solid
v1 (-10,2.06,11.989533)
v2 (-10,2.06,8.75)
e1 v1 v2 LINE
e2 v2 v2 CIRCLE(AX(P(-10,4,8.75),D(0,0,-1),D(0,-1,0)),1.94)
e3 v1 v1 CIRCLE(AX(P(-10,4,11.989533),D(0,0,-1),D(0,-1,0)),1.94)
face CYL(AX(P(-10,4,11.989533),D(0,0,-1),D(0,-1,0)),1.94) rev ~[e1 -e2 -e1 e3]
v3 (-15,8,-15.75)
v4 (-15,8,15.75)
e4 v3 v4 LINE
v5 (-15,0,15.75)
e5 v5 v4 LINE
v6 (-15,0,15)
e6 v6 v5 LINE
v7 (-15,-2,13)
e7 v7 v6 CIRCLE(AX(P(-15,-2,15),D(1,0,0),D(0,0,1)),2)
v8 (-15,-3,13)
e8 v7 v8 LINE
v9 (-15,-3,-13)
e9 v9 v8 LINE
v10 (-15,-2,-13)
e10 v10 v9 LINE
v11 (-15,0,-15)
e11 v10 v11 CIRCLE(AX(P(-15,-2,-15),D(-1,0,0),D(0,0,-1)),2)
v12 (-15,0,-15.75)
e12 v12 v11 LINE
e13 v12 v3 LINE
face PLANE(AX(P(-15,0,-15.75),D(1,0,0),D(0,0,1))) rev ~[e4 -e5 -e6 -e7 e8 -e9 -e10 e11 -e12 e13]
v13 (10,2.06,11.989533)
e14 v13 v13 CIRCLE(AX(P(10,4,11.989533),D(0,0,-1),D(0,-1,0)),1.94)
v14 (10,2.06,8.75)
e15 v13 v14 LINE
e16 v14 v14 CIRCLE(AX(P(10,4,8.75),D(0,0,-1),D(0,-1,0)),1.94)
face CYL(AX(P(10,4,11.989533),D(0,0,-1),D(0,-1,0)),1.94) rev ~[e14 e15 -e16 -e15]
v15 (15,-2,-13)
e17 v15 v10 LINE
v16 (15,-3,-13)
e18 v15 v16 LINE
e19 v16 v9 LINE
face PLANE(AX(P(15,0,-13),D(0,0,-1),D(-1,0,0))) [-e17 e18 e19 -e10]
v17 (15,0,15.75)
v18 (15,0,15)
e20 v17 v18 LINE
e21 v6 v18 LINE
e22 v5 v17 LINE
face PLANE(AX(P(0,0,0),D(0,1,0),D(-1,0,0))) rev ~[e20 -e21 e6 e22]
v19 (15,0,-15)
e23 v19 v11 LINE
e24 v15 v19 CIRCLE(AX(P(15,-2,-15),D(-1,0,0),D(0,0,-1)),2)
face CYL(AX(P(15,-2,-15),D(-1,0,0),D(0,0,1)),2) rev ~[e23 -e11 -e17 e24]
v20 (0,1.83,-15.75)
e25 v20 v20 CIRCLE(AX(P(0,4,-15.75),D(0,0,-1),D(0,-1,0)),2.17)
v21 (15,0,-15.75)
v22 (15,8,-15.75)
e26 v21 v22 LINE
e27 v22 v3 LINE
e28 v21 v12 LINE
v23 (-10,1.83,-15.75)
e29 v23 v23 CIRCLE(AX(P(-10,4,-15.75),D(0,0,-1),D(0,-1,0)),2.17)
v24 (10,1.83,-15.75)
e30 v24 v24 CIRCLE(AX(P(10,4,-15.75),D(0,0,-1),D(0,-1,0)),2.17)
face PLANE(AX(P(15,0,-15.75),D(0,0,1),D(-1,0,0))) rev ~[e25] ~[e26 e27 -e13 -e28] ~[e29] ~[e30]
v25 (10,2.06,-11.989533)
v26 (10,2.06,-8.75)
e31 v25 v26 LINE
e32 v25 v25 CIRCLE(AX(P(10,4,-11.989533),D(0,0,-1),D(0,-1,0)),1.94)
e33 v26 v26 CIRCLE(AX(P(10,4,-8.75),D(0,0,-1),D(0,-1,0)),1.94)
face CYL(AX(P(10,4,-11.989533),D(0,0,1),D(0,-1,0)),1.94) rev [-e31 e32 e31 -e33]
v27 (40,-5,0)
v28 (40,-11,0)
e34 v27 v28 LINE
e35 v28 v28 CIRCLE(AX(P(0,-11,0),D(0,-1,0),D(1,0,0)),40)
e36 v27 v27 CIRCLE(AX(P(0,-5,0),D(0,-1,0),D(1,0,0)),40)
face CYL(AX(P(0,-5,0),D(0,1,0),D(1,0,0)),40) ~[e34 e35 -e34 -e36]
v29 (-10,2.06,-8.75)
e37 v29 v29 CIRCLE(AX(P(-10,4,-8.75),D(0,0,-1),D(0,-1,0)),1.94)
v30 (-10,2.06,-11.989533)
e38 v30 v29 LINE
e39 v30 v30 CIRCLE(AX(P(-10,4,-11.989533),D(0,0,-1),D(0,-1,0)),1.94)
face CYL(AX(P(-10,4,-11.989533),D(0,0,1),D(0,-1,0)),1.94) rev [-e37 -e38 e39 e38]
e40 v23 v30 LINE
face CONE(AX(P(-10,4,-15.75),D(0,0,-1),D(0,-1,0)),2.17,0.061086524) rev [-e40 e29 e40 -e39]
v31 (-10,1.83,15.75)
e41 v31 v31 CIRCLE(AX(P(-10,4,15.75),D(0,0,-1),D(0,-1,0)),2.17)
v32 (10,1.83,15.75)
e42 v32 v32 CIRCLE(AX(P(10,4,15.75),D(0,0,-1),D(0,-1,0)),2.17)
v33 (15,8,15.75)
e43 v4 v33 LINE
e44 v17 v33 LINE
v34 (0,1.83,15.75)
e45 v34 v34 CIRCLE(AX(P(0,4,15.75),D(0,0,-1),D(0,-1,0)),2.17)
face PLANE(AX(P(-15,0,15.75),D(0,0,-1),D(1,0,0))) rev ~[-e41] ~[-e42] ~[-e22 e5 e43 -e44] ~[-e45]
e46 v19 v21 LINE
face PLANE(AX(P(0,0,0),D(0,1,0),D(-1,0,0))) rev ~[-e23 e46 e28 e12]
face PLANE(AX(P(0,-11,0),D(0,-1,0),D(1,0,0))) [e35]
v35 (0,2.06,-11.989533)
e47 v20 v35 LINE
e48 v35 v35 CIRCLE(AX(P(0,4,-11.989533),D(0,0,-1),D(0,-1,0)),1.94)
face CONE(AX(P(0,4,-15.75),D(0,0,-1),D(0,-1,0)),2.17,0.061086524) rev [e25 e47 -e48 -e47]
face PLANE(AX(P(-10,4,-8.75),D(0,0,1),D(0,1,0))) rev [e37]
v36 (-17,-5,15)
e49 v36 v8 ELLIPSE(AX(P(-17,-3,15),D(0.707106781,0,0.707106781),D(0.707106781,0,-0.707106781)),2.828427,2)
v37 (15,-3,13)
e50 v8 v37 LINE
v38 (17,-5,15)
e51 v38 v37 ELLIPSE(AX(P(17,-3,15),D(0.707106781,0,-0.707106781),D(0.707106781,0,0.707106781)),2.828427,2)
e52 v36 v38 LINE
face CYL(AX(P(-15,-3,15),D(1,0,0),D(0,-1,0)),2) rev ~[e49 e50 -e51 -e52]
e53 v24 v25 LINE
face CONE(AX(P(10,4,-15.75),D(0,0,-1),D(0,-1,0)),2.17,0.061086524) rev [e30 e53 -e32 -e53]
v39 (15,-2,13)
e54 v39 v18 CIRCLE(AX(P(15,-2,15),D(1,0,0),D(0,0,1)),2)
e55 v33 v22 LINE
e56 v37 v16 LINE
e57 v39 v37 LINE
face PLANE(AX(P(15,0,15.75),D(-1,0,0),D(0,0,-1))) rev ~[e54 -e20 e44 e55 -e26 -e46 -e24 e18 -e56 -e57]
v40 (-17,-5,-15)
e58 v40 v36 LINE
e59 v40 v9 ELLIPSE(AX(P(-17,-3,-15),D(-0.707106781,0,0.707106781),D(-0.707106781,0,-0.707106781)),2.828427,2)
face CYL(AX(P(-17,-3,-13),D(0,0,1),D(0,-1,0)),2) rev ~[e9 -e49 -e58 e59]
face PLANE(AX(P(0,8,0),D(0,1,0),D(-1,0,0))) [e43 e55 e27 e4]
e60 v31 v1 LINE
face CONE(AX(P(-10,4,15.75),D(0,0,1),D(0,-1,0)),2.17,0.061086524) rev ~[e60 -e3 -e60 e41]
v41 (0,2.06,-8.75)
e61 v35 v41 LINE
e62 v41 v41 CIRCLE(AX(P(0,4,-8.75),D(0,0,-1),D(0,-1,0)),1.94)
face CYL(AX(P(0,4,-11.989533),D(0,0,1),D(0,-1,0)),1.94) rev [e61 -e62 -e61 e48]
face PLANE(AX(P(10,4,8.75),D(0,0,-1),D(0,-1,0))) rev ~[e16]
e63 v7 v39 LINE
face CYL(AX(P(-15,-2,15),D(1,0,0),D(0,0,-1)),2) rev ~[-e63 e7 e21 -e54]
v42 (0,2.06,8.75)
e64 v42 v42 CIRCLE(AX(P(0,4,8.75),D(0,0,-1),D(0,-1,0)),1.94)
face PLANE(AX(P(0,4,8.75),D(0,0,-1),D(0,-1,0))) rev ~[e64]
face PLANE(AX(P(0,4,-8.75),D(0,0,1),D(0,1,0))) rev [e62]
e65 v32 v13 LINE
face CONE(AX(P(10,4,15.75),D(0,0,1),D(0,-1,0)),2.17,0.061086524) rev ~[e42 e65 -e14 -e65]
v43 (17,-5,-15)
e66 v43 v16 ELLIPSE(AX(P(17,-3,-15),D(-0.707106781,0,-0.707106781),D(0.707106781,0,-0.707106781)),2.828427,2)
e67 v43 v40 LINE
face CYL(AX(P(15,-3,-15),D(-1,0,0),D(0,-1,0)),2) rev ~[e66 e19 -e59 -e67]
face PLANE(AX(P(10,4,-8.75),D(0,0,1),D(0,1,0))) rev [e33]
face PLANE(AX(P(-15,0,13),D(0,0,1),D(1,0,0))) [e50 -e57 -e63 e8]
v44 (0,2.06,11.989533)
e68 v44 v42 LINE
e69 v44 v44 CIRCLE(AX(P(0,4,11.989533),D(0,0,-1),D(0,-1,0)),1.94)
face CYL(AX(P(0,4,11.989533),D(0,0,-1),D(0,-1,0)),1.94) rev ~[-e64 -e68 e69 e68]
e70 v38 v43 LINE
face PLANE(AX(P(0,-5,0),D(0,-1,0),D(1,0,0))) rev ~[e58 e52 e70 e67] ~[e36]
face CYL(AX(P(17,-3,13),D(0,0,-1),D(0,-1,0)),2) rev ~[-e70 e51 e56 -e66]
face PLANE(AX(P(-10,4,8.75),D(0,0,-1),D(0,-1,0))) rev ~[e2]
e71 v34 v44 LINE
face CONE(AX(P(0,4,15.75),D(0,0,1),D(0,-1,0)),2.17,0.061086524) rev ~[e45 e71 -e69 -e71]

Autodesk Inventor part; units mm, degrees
ref_plane "YZ Plane" through (0, 0, 0) normal (1, 0, 0) x (0, 1, 0)
ref_plane "XZ Plane" through (0, 0, 0) normal (0, 1, 0) x (-1, 0, 0)
ref_plane "XY Plane" through (0, 0, 0) normal (0, 0, 1) x (1, 0, 0)
sketch "Sketch1" plane through (0, 0, 0) normal (0, 1, 0) x (-1, 0, 0)
  line L0 (-15, 15.75) -> (-15, -15.75)
  line L1 (-15, -15.75) -> (15, -15.75)
  line L2 (15, -15.75) -> (15, 15.75)
  line L3 (15, 15.75) -> (-15, 15.75)
  line L4 (-15, 15.75) -> (15, -15.75) construction
  line L5 (-15, -15.75) -> (15, 15.75) construction
  point P0 (0, 0)
  dimension "d0" = 31.5
  dimension "d1" = 30
extrude "Extrusion1" add sketch "Sketch1" along normal blind 8
sketch "Sketch2" plane through (-15, 0, 15.75) normal (0, 0, 1) x (1, 0, 0)
  circle A0 centre (15, 4) radius 1.5
  line L0 (0, 8) -> (30, 8) projected
  point P0 (15, 0)
  dimension "d4" = 3
  dimension "d5" = 8
  dimension "d6" = 4
hole "Hole1" at (0, 4, 15.75) direction (0, 0, -1) diameter 3.88 depth 7 countersink diameter 4.34 countersink angle 7
pattern_linear "Rectangular Pattern1" count 2 spacing 10 along (1, 0, 0) count 2 spacing 10 along (-1, 0, 0) of "Hole1"
mirror "Mirror1" about plane through (0, 0, 0) normal (0, 0, 1) of "Hole1", "Rectangular Pattern1"
sketch "Sketch3" plane through (0, 0, 0) normal (0, -1, 0) x (1, 0, 0)
  line L0 (-15, -13) -> (-15, 13)
  line L1 (-15, 13) -> (15, 13)
  line L2 (15, 13) -> (15, -13)
  line L3 (15, -13) -> (-15, -13)
  line L4 (-15, -13) -> (15, 13) construction
  line L5 (-15, 13) -> (15, -13) construction
  point P0 (0, 0)
  dimension "d20" = 26
  dimension "d21" = 30
extrude "Extrusion2" add sketch "Sketch3" along normal blind 5
sketch "Sketch4" plane through (0, -5, 0) normal (0, -1, 0) x (1, 0, 0)
  circle A0 centre (0, 0) radius 40
  dimension "d24" = 80
extrude "Extrusion3" add sketch "Sketch4" along normal blind 6
fillet "Fillet1" radius 2 6 edges at (0, 0, 13) (0, -5, 13) (15, -5, 0) (0, -5, -13) (-15, -5, 0) (0, 0, -13)
equation "\"d6\" = 0.5 * d5"
properties part number "cycloid_fixing_base"
